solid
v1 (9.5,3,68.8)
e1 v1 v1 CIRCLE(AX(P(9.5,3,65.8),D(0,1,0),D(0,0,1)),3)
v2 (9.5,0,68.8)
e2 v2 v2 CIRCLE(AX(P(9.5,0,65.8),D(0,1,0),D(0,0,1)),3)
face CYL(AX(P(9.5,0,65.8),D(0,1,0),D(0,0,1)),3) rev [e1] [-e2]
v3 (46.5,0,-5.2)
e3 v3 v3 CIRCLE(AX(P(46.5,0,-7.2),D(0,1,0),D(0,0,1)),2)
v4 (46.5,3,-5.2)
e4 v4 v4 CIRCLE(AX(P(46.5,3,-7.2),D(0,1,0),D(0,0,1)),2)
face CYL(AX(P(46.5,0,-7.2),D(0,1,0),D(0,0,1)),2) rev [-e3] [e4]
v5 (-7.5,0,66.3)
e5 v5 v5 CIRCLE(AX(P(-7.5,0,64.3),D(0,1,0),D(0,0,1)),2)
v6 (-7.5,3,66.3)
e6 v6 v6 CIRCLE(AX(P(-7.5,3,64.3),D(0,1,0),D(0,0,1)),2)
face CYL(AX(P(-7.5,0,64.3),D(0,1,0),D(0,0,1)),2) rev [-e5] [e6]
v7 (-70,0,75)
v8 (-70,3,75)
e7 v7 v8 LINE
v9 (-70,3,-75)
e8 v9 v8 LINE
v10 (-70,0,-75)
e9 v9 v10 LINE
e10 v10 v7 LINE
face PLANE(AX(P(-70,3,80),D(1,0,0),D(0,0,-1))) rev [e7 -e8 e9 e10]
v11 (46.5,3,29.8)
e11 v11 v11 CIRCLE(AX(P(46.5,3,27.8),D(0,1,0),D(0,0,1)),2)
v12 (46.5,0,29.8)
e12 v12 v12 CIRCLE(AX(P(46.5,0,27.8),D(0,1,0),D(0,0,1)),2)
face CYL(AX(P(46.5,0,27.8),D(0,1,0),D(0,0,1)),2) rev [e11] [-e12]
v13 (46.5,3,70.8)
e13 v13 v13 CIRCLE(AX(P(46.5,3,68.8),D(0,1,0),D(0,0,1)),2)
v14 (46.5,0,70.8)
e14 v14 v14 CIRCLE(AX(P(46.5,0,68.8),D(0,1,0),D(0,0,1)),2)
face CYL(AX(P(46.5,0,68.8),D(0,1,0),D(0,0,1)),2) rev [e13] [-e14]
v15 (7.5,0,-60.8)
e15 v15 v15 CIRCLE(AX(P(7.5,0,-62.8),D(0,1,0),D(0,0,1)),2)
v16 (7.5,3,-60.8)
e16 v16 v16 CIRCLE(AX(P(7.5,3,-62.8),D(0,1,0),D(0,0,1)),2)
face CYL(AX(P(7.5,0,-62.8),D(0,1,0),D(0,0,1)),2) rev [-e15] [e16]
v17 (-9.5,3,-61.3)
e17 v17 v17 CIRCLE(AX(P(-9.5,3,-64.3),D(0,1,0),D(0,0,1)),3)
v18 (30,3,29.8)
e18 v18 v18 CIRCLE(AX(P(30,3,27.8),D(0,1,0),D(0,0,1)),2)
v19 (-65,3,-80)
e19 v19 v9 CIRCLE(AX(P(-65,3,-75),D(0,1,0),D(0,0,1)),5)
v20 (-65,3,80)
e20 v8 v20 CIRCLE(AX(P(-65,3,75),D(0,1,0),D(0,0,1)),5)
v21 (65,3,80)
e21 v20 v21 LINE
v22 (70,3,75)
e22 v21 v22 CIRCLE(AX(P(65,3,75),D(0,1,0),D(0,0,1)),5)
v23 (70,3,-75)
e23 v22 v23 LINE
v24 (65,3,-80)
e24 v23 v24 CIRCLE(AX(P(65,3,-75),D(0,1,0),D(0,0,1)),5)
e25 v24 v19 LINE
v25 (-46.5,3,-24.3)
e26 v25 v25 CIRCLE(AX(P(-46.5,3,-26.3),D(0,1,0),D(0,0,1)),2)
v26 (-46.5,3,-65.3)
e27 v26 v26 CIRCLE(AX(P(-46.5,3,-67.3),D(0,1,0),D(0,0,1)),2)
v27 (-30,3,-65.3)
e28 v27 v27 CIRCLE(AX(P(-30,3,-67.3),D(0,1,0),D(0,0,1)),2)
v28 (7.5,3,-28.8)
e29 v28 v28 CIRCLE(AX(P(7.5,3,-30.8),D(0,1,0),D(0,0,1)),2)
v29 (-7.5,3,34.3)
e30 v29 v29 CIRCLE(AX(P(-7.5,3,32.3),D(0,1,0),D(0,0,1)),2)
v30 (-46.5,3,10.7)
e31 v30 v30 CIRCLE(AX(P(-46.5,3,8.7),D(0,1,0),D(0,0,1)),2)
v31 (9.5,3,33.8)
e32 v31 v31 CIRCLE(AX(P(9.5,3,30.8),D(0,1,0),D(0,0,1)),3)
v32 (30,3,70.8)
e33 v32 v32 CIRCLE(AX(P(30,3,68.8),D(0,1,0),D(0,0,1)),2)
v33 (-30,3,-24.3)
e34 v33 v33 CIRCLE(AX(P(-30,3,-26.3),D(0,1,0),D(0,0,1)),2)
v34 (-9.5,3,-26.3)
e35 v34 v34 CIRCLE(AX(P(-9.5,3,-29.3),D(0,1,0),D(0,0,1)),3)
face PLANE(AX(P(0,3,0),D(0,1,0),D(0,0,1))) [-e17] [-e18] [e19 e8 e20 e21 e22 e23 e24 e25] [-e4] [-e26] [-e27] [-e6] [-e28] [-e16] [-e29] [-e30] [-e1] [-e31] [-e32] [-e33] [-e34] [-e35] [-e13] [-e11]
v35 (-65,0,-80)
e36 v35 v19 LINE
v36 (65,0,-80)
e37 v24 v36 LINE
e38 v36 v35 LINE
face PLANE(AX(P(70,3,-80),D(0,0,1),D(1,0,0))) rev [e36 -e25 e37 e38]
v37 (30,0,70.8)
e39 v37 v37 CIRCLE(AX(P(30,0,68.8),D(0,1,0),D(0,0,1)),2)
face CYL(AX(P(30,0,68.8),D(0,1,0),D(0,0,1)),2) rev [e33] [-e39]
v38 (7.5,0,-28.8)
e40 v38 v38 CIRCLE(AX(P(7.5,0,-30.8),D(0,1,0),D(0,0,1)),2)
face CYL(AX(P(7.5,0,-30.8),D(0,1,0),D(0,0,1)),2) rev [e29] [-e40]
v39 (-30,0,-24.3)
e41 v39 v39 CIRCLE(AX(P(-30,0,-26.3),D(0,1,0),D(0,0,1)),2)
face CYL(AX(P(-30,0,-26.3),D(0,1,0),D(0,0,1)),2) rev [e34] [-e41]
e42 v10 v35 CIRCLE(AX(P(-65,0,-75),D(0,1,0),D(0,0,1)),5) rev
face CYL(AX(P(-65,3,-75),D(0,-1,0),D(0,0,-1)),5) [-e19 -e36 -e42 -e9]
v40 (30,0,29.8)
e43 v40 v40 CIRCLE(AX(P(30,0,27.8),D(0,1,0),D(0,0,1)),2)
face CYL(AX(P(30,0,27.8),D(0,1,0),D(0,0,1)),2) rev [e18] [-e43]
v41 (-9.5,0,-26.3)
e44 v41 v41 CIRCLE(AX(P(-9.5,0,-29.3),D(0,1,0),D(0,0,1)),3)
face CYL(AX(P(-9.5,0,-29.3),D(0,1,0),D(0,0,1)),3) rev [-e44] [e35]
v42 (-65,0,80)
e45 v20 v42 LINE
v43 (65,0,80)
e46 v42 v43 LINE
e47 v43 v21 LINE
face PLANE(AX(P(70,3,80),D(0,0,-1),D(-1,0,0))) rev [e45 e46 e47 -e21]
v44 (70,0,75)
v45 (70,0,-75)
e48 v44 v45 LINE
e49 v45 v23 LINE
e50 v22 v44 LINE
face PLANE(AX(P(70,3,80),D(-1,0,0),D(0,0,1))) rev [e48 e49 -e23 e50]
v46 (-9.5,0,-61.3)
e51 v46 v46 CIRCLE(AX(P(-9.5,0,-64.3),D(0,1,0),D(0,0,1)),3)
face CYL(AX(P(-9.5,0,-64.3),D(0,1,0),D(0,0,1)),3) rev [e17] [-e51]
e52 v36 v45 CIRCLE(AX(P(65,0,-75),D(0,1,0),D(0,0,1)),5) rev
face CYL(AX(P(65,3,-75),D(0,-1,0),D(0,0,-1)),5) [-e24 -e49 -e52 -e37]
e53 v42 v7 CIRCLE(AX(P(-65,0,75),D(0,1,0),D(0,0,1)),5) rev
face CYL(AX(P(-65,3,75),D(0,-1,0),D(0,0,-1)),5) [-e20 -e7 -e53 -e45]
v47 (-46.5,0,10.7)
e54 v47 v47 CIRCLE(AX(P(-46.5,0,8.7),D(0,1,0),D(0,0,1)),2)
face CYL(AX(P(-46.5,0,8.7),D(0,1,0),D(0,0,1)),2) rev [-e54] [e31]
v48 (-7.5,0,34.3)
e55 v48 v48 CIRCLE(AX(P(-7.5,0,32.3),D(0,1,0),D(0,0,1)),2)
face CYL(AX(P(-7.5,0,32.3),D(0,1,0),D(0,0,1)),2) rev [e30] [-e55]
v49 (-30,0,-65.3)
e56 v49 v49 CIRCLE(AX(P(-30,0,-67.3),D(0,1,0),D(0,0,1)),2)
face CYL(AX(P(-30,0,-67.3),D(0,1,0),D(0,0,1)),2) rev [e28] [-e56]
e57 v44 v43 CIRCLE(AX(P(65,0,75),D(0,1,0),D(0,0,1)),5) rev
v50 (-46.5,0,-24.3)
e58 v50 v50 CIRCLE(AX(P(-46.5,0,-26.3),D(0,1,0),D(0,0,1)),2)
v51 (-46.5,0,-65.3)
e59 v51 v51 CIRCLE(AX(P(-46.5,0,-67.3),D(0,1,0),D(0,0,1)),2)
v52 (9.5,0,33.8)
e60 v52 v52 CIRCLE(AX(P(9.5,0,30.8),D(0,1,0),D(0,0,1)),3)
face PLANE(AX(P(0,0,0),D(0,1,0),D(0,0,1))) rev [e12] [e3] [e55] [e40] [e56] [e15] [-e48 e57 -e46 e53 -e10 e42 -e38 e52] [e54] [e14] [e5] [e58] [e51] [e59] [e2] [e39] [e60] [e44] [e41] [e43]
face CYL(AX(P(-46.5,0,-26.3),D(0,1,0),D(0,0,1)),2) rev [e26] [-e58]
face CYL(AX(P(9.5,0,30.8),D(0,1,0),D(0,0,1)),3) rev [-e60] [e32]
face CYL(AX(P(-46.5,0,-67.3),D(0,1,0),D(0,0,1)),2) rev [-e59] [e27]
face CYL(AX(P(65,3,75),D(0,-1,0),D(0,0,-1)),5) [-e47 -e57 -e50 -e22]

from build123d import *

# Parameters (mm, degrees)
SKETCH1_W           = 140
SKETCH1_H           = 160
BOSS_EXTRUDE1_DEPTH = 3
SKETCH2_R           = 2
SKETCH2_R_2         = 3
CUT_EXTRUDE1_DEPTH  = 4
FILLET1_R           = 5


with BuildPart() as part:
    # Sketch1 → Boss-Extrude1 (new body)
    with BuildSketch(Plane(origin=(0, 0, 0), x_dir=(1, 0, 0), z_dir=(0, 1, 0))):
        Rectangle(SKETCH1_W, SKETCH1_H)
    extrude(amount=BOSS_EXTRUDE1_DEPTH)

    # Sketch2 → Cut-Extrude1 (cut, through all)
    with BuildSketch(Plane(origin=(0, 3, 0), x_dir=(1, 0, 0), z_dir=(0, 1, 0))):
        with Locations((-30, 26.3)):
            Circle(SKETCH2_R)
        with Locations((-30, 67.3)):
            Circle(SKETCH2_R)
        with Locations((7.5, 62.8)):
            Circle(SKETCH2_R)
        with Locations((7.5, 30.8)):
            Circle(SKETCH2_R)
        with Locations((30, -68.8)):
            Circle(SKETCH2_R)
        with Locations((-7.5, -64.3)):
            Circle(SKETCH2_R)
        with Locations((30, -27.8)):
            Circle(SKETCH2_R)
        with Locations((-7.5, -32.3)):
            Circle(SKETCH2_R)
        with Locations((46.5, -27.8)):
            Circle(SKETCH2_R)
        with Locations((46.5, -68.8)):
            Circle(SKETCH2_R)
        with Locations((-46.5, 26.3)):
            Circle(SKETCH2_R)
        with Locations((-46.5, 67.3)):
            Circle(SKETCH2_R)
        with Locations((46.5, 7.2)):
            Circle(SKETCH2_R)
        with Locations((-46.5, -8.7)):
            Circle(SKETCH2_R)
        with Locations((9.5, -65.8)):
            Circle(SKETCH2_R_2)
        with Locations((9.5, -30.8)):
            Circle(SKETCH2_R_2)
        with Locations((-9.5, 64.3)):
            Circle(SKETCH2_R_2)
        with Locations((-9.5, 29.3)):
            Circle(SKETCH2_R_2)
    extrude(amount=-CUT_EXTRUDE1_DEPTH, mode=Mode.SUBTRACT)

    # Fillet1
    fillet1_edges = [part.edges().sort_by_distance(p)[0] for p in [
        (-70, 1.5, -80),
        (70, 1.5, -80),
        (70, 1.5, 80),
        (-70, 1.5, 80),
    ]]
    fillet(fillet1_edges, radius=FILLET1_R)


solid = part.part
